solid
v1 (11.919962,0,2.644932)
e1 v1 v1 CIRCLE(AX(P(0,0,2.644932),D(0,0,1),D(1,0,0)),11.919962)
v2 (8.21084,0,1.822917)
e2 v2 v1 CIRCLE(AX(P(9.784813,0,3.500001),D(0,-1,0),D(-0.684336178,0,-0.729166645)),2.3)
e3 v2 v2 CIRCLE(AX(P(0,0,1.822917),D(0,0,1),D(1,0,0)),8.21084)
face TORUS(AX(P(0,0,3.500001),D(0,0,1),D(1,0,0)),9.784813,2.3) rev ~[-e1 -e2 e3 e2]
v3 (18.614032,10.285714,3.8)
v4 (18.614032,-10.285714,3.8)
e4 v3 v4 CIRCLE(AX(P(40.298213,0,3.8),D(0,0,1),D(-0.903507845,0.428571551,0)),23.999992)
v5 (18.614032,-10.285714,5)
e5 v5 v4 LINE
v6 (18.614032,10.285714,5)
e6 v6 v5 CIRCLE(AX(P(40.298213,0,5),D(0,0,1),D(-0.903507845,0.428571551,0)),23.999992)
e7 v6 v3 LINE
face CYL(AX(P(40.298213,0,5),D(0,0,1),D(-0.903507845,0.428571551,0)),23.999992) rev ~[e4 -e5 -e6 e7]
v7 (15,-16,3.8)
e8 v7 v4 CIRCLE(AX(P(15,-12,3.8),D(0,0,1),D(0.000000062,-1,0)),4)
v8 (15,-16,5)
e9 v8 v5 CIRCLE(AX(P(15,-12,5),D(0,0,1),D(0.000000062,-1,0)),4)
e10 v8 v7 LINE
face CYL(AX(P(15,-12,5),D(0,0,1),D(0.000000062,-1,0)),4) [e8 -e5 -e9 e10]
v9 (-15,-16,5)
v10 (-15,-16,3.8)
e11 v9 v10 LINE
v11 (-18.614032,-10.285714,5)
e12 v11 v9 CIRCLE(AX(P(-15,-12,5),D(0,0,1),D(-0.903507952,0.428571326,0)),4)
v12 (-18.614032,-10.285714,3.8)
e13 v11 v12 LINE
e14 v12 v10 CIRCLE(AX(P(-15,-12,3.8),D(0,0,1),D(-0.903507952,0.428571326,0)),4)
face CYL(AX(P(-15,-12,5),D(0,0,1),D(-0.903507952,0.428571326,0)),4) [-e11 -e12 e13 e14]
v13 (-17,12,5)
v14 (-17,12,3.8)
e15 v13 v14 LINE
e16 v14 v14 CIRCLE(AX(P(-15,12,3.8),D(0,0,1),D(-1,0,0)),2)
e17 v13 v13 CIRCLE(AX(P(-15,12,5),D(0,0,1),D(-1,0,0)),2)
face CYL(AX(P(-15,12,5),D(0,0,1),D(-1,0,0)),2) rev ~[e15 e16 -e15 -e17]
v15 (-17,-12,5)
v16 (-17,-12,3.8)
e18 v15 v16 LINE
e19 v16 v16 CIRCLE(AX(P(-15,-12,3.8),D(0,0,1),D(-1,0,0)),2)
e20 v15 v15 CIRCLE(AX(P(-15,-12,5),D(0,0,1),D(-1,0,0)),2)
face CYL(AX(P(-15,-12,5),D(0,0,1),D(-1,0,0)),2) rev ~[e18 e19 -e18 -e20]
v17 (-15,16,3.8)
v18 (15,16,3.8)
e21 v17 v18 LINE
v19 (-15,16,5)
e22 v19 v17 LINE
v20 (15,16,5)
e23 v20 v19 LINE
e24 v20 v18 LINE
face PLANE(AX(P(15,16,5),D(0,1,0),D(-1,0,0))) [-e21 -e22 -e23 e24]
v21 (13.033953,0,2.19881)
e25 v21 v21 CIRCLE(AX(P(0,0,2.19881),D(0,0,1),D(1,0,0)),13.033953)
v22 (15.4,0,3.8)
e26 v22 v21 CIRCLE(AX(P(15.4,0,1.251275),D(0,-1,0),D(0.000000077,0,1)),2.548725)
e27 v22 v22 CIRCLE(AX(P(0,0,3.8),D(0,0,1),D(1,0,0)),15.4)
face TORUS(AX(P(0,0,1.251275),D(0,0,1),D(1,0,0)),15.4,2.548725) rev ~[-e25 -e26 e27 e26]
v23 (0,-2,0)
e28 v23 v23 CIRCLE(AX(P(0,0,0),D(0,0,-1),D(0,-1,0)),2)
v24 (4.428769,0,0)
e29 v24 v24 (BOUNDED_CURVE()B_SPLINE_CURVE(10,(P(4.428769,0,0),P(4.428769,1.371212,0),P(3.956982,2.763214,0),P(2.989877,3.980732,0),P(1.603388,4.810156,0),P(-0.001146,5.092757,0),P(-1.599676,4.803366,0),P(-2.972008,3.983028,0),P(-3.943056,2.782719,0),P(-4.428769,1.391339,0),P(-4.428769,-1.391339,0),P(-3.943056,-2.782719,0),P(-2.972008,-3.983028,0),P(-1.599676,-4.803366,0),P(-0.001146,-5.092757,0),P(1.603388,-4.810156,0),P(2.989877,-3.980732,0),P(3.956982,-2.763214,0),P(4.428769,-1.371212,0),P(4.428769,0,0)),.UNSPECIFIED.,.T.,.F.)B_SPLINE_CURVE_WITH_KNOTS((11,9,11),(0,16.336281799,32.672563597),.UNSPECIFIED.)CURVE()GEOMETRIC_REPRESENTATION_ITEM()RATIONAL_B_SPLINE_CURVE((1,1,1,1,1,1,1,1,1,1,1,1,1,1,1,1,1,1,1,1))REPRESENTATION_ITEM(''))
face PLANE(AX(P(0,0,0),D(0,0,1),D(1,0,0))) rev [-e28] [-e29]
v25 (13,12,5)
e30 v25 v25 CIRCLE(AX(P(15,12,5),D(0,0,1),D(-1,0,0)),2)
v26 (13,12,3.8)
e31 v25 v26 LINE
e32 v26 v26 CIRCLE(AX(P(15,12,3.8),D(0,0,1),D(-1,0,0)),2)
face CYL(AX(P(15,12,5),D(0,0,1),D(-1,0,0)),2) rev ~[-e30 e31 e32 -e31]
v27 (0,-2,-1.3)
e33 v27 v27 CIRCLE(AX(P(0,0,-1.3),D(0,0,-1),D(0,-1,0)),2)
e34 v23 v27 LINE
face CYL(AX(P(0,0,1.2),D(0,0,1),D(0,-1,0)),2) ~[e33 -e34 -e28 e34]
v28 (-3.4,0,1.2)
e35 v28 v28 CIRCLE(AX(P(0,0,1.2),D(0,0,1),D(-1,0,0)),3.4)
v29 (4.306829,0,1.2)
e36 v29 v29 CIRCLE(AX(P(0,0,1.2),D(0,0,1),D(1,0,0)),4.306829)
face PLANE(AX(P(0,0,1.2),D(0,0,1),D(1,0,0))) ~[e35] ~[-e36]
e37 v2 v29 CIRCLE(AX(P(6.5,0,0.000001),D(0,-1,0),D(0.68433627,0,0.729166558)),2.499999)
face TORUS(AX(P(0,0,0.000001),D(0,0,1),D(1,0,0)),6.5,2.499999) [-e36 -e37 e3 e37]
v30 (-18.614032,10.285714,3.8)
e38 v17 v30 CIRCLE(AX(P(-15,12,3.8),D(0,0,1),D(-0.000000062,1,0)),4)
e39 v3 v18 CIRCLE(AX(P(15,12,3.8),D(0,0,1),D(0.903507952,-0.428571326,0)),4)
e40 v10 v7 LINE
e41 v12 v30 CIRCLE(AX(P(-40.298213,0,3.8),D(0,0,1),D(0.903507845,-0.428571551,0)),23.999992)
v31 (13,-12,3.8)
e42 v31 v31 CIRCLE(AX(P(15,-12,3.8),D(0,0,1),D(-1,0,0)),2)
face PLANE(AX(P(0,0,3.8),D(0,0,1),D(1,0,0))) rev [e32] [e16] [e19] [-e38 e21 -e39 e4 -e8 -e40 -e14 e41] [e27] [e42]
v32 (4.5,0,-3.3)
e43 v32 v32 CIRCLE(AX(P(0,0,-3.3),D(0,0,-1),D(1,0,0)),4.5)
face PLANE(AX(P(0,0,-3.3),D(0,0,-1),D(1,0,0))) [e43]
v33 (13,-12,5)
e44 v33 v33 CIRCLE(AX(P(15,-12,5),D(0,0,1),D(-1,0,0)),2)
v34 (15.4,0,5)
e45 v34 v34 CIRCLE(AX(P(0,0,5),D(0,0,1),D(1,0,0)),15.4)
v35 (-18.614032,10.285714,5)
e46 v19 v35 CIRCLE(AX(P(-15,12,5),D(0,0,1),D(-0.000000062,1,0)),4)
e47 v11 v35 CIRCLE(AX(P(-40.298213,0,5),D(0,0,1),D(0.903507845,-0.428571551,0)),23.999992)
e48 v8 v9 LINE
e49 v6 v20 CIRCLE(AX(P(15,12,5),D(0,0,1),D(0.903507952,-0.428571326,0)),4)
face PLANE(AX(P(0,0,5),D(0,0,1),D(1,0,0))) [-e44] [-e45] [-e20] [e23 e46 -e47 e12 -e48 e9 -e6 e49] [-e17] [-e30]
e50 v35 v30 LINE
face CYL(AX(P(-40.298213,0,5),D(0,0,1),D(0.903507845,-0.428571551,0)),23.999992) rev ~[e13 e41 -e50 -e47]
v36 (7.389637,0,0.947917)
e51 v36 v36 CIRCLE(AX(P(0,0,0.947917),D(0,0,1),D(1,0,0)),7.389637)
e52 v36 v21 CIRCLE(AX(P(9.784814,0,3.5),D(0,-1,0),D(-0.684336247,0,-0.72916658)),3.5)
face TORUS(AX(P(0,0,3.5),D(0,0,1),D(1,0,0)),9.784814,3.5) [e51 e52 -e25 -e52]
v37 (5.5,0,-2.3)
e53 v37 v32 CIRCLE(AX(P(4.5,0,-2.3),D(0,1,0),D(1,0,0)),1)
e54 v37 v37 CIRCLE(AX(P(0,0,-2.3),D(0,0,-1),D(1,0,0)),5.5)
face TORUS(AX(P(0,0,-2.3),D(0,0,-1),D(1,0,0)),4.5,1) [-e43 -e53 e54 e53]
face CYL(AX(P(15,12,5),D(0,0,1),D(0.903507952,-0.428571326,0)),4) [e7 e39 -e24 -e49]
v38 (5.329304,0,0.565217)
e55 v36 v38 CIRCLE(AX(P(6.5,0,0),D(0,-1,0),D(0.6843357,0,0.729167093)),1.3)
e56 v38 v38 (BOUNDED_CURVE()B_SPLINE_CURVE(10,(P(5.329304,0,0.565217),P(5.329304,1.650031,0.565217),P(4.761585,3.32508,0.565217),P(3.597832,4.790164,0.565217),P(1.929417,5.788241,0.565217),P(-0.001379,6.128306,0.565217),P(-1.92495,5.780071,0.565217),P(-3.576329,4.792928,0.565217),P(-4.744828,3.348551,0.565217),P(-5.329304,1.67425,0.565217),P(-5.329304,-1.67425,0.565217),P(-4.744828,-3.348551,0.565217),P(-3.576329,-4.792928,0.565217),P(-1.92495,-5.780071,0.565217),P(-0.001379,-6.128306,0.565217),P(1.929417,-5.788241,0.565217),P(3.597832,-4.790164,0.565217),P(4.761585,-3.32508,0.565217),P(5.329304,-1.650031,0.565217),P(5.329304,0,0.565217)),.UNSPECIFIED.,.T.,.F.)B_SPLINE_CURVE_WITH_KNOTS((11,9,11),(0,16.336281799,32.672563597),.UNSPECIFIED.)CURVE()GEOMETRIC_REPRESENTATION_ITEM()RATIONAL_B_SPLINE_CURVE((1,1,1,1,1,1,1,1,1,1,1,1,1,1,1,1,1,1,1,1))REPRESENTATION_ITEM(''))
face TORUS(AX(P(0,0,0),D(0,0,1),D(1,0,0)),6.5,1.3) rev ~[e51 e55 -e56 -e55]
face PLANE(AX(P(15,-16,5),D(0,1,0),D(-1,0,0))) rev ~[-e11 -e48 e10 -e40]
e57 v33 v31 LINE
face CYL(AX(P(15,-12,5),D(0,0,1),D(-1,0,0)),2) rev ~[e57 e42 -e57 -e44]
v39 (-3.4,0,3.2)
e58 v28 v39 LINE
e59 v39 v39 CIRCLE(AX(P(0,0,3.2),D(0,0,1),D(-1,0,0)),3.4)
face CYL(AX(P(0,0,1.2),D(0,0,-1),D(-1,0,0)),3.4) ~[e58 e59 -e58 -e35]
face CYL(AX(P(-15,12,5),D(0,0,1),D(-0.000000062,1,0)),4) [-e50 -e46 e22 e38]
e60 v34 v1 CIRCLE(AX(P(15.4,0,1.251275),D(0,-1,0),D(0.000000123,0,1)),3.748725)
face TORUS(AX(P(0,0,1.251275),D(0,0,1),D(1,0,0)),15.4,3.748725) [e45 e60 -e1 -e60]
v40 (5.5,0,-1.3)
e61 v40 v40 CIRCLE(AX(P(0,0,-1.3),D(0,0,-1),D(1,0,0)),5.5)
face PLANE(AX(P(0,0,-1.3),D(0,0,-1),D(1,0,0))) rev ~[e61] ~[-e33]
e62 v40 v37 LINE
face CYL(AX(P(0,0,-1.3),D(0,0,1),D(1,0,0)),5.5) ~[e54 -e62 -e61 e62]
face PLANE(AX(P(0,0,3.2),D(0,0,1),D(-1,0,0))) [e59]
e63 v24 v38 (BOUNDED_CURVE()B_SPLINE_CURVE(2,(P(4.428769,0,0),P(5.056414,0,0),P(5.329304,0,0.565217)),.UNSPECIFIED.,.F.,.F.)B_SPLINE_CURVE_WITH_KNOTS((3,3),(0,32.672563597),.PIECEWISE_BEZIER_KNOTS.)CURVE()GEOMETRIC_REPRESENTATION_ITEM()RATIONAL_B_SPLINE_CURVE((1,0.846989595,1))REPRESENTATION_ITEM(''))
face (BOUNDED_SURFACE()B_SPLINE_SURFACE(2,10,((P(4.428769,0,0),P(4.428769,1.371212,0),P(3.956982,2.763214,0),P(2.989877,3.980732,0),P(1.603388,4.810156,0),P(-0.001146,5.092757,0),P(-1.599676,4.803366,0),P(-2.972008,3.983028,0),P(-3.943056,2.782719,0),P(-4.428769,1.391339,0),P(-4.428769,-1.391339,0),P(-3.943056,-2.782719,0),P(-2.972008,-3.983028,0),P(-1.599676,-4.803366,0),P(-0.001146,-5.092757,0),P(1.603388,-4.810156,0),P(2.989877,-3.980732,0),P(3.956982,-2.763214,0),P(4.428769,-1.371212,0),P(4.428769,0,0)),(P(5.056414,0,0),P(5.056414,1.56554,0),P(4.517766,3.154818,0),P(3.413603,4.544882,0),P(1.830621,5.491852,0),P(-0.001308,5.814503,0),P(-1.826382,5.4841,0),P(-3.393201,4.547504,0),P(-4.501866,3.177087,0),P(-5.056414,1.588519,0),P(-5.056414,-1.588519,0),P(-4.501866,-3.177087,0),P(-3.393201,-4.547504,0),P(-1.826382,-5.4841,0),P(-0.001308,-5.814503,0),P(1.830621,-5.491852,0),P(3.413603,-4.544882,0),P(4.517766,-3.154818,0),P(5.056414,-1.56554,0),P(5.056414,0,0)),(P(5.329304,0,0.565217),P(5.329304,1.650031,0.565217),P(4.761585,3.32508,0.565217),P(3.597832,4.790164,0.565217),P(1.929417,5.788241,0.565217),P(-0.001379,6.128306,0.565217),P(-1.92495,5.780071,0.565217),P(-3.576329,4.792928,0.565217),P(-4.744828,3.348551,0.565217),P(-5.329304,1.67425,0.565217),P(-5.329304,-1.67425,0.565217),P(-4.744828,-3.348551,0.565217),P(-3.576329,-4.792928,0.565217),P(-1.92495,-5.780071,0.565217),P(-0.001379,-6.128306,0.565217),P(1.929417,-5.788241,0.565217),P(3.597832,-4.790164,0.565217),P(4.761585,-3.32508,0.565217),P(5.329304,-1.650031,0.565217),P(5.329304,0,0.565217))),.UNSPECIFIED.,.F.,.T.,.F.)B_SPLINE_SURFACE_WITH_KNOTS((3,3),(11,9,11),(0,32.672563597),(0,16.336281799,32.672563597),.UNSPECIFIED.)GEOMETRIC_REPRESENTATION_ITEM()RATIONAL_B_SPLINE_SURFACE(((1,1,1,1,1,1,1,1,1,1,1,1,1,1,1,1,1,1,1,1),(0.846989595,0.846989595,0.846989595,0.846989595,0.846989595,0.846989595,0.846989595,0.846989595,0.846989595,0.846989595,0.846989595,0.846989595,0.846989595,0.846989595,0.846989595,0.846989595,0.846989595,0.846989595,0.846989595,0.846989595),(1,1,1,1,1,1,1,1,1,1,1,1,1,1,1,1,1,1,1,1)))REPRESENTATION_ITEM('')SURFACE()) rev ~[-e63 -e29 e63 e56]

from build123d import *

# Parameters (mm, degrees)
SKETCH001_R     = 28
POCKET_DEPTH    = 5.001
SKETCH003_R     = 2
POCKET001_DEPTH = 5.001
FILLET_R        = 1
SKETCH004_R     = 3.4
PAD_DEPTH       = 2
PAD_FACE5_R     = 2
PAD001_DEPTH    = 2.5
SKETCH005_R     = 5.5
PAD002_DEPTH    = 2
FILLET001_R     = 1


with BuildPart() as part:
    # Sketch → Revolution (revolve)
    with BuildSketch(Plane.XZ):
        with BuildLine():
            Line((2, 0), (5.2, 0))
            ThreePointArc((7.389637, 0.947917), (5.983535, 1.193006), (5.2, 0))
            ThreePointArc((7.389637, 0.947917), (10.542109, 0.08291), (13.033953, 2.19881))
            ThreePointArc((15.4, 3.8), (13.97154, 3.362081), (13.033953, 2.19881))
            Line((15.4, 3.8), (25, 3.8))
            Line((25, 3.8), (25, 5))
            Line((25, 5), (15.4, 5))
            ThreePointArc((15.4, 5), (13.298988, 4.355899), (11.919962, 2.644932))
            ThreePointArc((8.21084, 1.822917), (10.282465, 1.254484), (11.919962, 2.644932))
            ThreePointArc((8.21084, 1.822917), (6.106088, 2.468772), (4.306829, 1.2))
            Line((2, 1.2), (4.306829, 1.2))
            Line((2, 0), (2, 1.2))
        make_face()
    revolve(axis=Axis((0, 0, 0), (0, 0, 1)))

    # Sketch001 (on Face7 of Revolution) → Pocket (cut, through all)
    with BuildSketch(Plane(origin=(0, 0, 5), x_dir=(-1, 0, 0), z_dir=(0, 0, 1))):
        Circle(SKETCH001_R)
        with BuildLine():
            ThreePointArc((-15, 16), (-18.380617, 14.13809), (-18.614032, 10.285714))
            ThreePointArc((-18.614032, -10.285714), (-16.298221, 0), (-18.614032, 10.285714))
            ThreePointArc((-18.614032, -10.285714), (-18.380617, -14.13809), (-15, -16))
            Line((-15, -16), (15, -16))
            ThreePointArc((15, -16), (18.380617, -14.13809), (18.614032, -10.285714))
            ThreePointArc((18.614032, 10.285714), (16.298221, 0), (18.614032, -10.285714))
            ThreePointArc((18.614032, 10.285714), (18.380617, 14.13809), (15, 16))
            Line((-15, 16), (15, 16))
        make_face(mode=Mode.SUBTRACT)
    extrude(amount=-POCKET_DEPTH, mode=Mode.SUBTRACT)

    # Sketch003 → Pocket001 (cut, through all)
    with BuildSketch(Plane(origin=(0, 0, 5), x_dir=(-1, 0, 0), z_dir=(0, 0, 1))):
        with Locations((-15, 12)):
            Circle(SKETCH003_R)
        with Locations((15, 12)):
            Circle(SKETCH003_R)
        with Locations((-15, -12)):
            Circle(SKETCH003_R)
        with Locations((15, -12)):
            Circle(SKETCH003_R)
    extrude(amount=-POCKET001_DEPTH, mode=Mode.SUBTRACT)

    # Fillet
    fillet_edges = [part.edges().sort_by_distance(p)[0] for p in [
        (-5.2, 0, 0),
    ]]
    fillet(fillet_edges, radius=FILLET_R)

    # Sketch004 (on Face5 of Fillet) → Pad (join)
    with BuildSketch(Plane(origin=(0, 0, 1.2), x_dir=(-1, 0, 0), z_dir=(0, 0, 1))):
        Circle(SKETCH004_R)
    extrude(amount=PAD_DEPTH)

    # Pad Face5 → Pad001 (add)
    with BuildSketch(Plane(origin=(0, 0, 1.2), x_dir=(0, -1, 0), z_dir=(0, 0, -1))):
        Circle(PAD_FACE5_R)
    extrude(amount=PAD001_DEPTH)

    # Sketch005 (on Face6 of Pad001) → Pad002 (join)
    with BuildSketch(Plane(origin=(0, 0, -1.3), x_dir=(1, 0, 0), z_dir=(0, 0, -1))):
        Circle(SKETCH005_R)
    extrude(amount=PAD002_DEPTH)

    # Fillet001
    fillet001_edges = [part.edges().sort_by_distance(p)[0] for p in [
        (-5.5, 0, -3.3),
    ]]
    fillet(fillet001_edges, radius=FILLET001_R)


solid = part.part
